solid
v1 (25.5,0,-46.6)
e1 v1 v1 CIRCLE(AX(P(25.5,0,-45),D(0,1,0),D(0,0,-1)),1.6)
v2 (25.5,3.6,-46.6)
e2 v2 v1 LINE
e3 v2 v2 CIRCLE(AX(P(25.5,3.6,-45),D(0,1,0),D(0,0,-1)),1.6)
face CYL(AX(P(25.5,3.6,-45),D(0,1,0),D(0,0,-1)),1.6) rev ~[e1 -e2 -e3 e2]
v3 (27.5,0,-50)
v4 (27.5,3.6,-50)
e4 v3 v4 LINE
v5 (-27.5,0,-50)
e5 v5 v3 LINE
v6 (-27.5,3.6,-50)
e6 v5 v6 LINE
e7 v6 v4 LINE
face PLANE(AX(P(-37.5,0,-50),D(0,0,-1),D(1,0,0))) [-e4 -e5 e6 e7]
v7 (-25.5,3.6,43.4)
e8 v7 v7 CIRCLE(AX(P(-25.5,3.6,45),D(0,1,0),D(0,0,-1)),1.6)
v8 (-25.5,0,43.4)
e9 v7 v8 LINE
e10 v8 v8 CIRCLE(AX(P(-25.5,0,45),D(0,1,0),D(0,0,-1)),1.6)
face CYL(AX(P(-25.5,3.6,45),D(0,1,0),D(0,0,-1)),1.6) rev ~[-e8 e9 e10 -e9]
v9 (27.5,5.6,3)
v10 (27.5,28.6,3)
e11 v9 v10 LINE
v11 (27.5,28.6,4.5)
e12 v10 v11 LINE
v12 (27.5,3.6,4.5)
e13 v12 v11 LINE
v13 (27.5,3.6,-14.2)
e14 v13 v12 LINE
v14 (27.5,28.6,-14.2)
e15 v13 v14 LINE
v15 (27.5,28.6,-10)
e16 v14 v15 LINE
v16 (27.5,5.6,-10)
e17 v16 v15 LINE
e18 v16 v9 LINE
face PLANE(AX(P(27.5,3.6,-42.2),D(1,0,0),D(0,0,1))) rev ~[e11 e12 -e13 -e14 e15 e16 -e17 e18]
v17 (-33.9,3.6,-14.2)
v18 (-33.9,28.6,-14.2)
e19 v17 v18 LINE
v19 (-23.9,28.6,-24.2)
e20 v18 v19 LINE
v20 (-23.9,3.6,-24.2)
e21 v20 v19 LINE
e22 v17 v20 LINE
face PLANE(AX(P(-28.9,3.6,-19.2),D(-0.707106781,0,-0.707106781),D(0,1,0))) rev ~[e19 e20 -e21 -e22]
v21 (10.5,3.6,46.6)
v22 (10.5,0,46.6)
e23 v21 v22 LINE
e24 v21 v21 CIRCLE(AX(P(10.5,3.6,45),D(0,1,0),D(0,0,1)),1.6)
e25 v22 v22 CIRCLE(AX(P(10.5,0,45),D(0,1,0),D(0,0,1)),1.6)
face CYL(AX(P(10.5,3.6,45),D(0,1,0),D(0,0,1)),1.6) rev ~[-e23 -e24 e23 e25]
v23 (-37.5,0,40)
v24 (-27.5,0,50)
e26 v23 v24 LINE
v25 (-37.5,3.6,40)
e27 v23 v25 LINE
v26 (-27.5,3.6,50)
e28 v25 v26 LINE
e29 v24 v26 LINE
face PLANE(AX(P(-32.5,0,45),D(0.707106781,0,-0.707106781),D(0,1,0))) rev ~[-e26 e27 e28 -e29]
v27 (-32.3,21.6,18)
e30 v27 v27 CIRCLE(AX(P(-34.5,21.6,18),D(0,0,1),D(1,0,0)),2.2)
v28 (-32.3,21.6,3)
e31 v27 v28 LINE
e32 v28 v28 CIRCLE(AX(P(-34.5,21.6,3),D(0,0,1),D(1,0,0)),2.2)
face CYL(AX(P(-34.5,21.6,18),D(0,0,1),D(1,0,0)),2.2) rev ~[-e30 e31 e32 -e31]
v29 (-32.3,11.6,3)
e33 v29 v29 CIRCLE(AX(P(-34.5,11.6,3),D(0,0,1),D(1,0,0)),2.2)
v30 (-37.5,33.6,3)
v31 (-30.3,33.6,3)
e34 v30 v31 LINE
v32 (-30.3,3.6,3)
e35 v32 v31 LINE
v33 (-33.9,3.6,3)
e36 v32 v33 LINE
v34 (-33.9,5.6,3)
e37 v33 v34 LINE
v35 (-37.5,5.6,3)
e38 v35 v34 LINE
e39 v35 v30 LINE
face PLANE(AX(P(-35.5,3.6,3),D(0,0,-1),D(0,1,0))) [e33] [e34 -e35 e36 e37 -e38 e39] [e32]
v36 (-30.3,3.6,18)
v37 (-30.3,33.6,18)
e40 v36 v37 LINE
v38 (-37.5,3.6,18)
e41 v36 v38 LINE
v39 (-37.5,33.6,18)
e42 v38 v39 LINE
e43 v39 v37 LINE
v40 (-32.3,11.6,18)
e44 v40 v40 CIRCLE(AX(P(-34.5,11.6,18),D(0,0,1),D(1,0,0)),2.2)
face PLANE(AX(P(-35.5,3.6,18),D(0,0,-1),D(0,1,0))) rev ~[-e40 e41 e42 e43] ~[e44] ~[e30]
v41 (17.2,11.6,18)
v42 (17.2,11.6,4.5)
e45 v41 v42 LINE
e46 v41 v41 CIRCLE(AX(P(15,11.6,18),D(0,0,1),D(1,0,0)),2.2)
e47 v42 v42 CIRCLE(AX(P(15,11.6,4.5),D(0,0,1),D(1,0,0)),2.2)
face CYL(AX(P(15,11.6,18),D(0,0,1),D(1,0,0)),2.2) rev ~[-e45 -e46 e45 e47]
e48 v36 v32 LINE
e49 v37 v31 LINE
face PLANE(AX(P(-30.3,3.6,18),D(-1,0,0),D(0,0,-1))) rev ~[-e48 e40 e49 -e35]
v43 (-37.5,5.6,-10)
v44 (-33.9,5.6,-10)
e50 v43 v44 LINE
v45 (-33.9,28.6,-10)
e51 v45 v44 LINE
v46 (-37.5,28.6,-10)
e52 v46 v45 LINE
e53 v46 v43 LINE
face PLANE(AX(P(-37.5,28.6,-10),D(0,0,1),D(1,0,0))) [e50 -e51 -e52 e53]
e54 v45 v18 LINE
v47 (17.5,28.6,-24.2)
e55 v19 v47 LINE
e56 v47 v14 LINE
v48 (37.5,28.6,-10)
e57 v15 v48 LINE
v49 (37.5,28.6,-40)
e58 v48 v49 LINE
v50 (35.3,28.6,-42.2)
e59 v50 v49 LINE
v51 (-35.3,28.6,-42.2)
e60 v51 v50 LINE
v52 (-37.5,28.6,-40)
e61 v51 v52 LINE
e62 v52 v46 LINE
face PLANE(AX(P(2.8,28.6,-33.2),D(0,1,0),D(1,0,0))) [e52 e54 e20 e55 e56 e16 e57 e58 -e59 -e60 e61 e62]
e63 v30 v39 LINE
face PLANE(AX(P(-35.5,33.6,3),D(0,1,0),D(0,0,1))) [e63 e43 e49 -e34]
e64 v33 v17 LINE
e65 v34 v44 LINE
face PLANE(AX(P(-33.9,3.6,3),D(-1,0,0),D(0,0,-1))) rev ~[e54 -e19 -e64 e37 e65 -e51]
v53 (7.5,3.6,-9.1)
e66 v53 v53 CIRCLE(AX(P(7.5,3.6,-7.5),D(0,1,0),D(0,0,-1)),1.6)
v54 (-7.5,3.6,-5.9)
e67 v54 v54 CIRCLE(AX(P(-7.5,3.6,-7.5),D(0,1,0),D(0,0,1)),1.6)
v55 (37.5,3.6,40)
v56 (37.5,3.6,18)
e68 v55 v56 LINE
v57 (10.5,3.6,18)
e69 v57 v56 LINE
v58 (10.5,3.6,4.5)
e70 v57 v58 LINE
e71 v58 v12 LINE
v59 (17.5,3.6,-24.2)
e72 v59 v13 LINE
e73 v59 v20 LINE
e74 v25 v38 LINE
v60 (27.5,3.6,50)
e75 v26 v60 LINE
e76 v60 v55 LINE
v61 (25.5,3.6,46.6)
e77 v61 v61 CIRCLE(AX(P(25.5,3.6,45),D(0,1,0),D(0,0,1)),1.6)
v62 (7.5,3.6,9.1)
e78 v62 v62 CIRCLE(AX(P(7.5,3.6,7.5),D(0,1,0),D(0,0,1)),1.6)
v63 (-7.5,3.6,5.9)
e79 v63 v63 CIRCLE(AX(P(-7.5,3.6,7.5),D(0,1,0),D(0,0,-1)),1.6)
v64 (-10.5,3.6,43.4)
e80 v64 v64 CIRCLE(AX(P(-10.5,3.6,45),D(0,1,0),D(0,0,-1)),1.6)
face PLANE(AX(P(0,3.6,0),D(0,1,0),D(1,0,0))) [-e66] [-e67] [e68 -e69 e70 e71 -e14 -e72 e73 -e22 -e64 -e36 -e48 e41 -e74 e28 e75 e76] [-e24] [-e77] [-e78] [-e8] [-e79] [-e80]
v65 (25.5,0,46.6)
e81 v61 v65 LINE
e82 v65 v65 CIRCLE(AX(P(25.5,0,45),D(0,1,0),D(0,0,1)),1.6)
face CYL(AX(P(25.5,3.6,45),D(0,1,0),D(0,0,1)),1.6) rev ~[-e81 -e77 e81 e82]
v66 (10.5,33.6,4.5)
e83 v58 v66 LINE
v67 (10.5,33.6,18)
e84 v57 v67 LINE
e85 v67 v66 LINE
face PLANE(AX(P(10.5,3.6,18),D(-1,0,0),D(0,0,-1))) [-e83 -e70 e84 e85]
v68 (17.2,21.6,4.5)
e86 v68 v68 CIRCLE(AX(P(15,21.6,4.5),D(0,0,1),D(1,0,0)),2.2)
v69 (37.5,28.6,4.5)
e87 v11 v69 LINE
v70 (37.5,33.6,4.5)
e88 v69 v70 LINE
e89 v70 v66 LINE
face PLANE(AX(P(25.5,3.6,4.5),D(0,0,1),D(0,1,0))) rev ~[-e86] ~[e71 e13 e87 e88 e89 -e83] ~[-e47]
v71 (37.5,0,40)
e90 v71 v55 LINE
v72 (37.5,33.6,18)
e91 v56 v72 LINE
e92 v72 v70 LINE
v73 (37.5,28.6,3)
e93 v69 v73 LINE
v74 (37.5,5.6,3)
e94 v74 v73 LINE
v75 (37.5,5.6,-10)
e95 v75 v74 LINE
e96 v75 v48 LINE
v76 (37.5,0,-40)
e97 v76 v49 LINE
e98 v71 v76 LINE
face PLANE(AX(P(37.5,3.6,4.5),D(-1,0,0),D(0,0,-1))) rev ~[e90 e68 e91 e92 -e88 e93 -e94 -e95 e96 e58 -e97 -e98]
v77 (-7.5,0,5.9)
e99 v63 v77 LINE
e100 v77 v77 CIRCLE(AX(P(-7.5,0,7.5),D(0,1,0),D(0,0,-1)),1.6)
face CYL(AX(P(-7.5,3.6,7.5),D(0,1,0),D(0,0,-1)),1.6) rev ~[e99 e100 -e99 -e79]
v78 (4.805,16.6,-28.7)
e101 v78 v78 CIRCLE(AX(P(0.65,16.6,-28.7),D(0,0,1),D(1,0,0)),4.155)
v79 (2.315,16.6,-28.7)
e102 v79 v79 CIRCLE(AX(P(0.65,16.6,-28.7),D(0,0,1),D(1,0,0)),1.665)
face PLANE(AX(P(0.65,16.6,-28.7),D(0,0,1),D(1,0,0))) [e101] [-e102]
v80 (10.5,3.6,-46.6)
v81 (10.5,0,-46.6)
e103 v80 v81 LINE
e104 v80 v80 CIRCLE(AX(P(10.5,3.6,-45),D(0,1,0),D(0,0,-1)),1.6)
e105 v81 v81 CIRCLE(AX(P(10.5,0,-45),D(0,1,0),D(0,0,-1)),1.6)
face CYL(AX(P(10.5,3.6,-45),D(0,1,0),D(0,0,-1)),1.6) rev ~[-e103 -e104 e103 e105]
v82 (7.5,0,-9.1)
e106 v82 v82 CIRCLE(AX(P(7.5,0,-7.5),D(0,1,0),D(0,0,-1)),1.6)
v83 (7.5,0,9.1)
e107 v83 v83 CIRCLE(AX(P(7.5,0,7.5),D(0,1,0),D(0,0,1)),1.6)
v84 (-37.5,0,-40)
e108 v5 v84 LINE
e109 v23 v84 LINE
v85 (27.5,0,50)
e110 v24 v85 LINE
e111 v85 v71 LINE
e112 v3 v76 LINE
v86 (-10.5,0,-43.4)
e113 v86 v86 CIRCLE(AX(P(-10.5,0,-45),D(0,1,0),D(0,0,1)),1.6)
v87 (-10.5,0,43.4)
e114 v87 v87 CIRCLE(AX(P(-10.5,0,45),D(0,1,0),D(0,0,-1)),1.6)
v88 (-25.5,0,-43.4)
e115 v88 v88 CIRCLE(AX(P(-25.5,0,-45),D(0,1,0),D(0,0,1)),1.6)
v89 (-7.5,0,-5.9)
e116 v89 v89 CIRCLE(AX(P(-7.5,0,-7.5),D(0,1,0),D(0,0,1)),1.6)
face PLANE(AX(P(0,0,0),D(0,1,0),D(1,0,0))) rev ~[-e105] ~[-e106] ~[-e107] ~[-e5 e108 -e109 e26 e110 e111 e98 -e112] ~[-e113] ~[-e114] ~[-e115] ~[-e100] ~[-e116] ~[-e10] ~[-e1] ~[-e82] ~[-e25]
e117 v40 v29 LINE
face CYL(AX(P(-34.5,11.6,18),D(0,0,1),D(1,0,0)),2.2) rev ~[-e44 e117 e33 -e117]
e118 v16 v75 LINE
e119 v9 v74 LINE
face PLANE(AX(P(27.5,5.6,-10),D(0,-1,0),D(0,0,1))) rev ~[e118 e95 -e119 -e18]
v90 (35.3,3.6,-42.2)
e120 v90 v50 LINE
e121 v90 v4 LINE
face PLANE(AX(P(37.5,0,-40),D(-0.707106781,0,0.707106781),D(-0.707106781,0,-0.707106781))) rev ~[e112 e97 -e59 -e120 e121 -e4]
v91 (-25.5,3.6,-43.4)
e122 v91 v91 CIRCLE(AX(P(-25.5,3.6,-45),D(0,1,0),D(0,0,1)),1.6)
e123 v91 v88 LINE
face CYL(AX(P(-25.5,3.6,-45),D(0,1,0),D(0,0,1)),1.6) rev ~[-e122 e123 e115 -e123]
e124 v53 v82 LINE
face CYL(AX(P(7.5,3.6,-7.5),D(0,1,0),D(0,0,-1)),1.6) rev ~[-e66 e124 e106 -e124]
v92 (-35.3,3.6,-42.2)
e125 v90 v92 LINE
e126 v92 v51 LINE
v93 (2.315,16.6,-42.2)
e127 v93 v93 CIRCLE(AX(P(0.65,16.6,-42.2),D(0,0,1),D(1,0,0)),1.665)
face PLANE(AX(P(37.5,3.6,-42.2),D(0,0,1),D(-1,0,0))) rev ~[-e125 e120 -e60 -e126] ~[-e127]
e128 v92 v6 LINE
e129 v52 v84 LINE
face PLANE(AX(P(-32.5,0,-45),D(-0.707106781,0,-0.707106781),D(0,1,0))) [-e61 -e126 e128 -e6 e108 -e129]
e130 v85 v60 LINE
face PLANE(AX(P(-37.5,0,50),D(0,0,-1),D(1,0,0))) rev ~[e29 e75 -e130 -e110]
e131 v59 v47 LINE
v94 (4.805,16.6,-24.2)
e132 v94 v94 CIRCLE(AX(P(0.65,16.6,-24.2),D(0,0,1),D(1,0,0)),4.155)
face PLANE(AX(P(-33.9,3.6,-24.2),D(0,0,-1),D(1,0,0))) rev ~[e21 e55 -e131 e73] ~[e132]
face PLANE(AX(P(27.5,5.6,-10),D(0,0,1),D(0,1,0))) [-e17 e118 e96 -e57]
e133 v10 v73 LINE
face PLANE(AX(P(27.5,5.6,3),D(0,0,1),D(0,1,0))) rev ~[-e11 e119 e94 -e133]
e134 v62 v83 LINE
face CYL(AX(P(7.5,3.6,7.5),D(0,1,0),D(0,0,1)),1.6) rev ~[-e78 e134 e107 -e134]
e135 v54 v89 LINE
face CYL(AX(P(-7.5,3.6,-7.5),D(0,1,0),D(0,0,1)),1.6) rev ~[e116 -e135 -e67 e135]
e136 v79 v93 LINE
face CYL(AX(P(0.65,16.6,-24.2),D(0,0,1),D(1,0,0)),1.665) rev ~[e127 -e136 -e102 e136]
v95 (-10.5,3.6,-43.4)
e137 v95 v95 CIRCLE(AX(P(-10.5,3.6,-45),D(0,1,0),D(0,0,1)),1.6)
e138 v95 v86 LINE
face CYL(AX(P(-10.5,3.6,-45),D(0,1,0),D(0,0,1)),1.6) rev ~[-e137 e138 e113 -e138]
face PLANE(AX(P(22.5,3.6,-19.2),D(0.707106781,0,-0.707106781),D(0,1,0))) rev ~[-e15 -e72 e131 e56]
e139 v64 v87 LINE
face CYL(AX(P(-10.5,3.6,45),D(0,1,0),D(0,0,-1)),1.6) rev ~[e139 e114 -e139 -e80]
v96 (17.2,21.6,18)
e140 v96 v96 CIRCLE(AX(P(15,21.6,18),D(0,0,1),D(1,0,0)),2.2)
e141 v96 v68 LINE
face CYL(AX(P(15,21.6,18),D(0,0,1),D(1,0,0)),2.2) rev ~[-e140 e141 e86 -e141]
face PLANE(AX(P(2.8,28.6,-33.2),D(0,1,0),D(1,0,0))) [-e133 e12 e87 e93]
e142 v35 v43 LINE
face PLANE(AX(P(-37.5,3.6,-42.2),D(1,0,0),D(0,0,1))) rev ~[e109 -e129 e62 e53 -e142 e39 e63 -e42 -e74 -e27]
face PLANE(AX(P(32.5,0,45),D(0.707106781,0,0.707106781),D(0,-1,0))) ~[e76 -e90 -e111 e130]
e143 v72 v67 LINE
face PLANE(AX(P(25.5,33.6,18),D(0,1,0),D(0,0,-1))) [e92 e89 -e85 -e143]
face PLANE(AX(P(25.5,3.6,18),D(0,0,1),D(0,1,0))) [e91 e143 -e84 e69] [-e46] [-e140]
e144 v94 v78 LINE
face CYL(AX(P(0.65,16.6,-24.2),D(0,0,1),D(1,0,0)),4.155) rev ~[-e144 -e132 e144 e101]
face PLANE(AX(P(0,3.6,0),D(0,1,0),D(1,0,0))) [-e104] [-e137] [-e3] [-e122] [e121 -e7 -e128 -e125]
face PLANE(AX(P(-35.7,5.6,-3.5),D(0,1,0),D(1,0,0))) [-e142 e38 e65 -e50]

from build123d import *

# Parameters (mm, degrees)
SKETCH_1_W           = 75
SKETCH_1_H           = 100
EXTRUDE_1_DEPTH      = 3.6
CHAMFER_1_SIZE       = 10
SKETCH_2_W           = 5.2
SKETCH_2_H           = 15
SKETCH_2_W_2         = 15
SKETCH_2_H_2         = 13.5
EXTRUDE_2_DEPTH      = 30
SKETCH_3_W           = 15
SKETCH_3_H           = 30
EXTRUDE_3_DEPTH      = 2
SKETCH_4_W           = 13.5
SKETCH_4_H           = 30
EXTRUDE_4_DEPTH      = 12
SKETCH_5_R           = 2.2
CUT_EXTRUDE_1_DEPTH  = 115
SKETCH_6_W           = 49.4
SKETCH_6_H           = 18
EXTRUDE_5_DEPTH      = 25
SKETCH_8_R           = 1.665
CUT_EXTRUDE_3_DEPTH  = 25
EXTRUDE_7_REACH      = 71.327
SKETCH_10_R          = 1.6
CUT_EXTRUDE_4_DEPTH  = 130
SKETCH_12_R          = 1.6
CUT_EXTRUDE_6_DEPTH  = 120
CHAMFER_2_SIZE       = 10
SKETCH_15_W          = 3.6
SKETCH_15_H          = 13
CUT_EXTRUDE_8_DEPTH  = 23
SKETCH_16_R          = 4.155
CUT_EXTRUDE_9_DEPTH  = 4.5
SKETCH_17_W          = 13
SKETCH_17_H          = 23
CUT_EXTRUDE_10_DEPTH = 23
CUT_EXTRUDE_11_DEPTH = 33


with BuildPart() as part:
    # 草图1 → 凸台-拉伸1 (new body)
    with BuildSketch(Plane(origin=(0, 0, 0), x_dir=(1, 0, 0), z_dir=(0, 1, 0))):
        Rectangle(SKETCH_1_W, SKETCH_1_H)
    extrude(amount=EXTRUDE_1_DEPTH)

    # 倒角1
    chamfer_1_edges = [part.edges().sort_by_distance(p)[0] for p in [
        (37.5, 1.8, 50),
        (-37.5, 1.8, 50),
        (-37.5, 1.8, -50),
        (37.5, 1.8, -50),
    ]]
    chamfer(chamfer_1_edges, length=CHAMFER_1_SIZE)

    # 草图2 → 凸台-拉伸2 (add)
    with BuildSketch(Plane(origin=(0, 3.6, 0), x_dir=(1, 0, 0), z_dir=(0, 1, 0))):
        with Locations((-32.9, -10.5)):
            Rectangle(SKETCH_2_W, SKETCH_2_H)
        with Locations((18, -11.25)):
            Rectangle(SKETCH_2_W_2, SKETCH_2_H_2)
    extrude(amount=EXTRUDE_2_DEPTH)

    # 草图3 → 凸台-拉伸3 (add)
    with BuildSketch(Plane.ZY.offset(35.5)):
        with Locations((10.5, 18.6)):
            Rectangle(SKETCH_3_W, SKETCH_3_H)
    extrude(amount=EXTRUDE_3_DEPTH)

    # 草图4 → 凸台-拉伸4 (add)
    with BuildSketch(Plane(origin=(25.5, 0, 0), x_dir=(0, 0, -1), z_dir=(1, 0, 0))):
        with Locations((-11.25, 18.6)):
            Rectangle(SKETCH_4_W, SKETCH_4_H)
    extrude(amount=EXTRUDE_4_DEPTH)

    # 草图5 → 切除-拉伸1 (cut)
    with BuildSketch(Plane.XY.offset(18)):
        with Locations((-34.5, 21.6)):
            Circle(SKETCH_5_R)
        with Locations((-34.5, 11.6)):
            Circle(SKETCH_5_R)
        with Locations((15, 21.6)):
            Circle(SKETCH_5_R)
        with Locations((15, 11.6)):
            Circle(SKETCH_5_R)
    extrude(amount=-CUT_EXTRUDE_1_DEPTH, mode=Mode.SUBTRACT)

    # 草图6 → 凸台-拉伸5 (add)
    with BuildSketch(Plane(origin=(0, 3.6, 0), x_dir=(1, 0, 0), z_dir=(0, 1, 0))):
        with Locations((2.8, 33.2)):
            Rectangle(SKETCH_6_W, SKETCH_6_H)
    extrude(amount=EXTRUDE_5_DEPTH)

    # 草图8 → 切除-拉伸3 (cut)
    with BuildSketch(Plane.XY.offset(-24.2)):
        with Locations((0.65, 16.6)):
            Circle(SKETCH_8_R)
    extrude(amount=-CUT_EXTRUDE_3_DEPTH, mode=Mode.SUBTRACT)

    # 凸台-拉伸7: up to this face of the body (flat: up to its plane)
    extrude_7_end = Plane(part.part.faces().sort_by_distance((2.8, 28.6, -33.2))[0])
    # 草图9 → 凸台-拉伸7 (add, up to the picked face)
    with BuildSketch(Plane(origin=(0, 3.6, 0), x_dir=(1, 0, 0), z_dir=(0, 1, 0)), mode=Mode.PRIVATE) as extrude_7_sk1:
        Polygon((-21.9, 42.2), (-37.5, 42.2), (-37.5, -3), (-33.9, -3), (-33.9, 24.2), (-21.9, 24.2), align=None)
    extrude_7_tool1 = split(extrude(extrude_7_sk1.sketch, amount=EXTRUDE_7_REACH, mode=Mode.PRIVATE), bisect_by=extrude_7_end, keep=Keep.BOTH, mode=Mode.PRIVATE)
    # 草图9 → 凸台-拉伸7 (add, up to the picked face)
    with BuildSketch(Plane(origin=(0, 3.6, 0), x_dir=(1, 0, 0), z_dir=(0, 1, 0)), mode=Mode.PRIVATE) as extrude_7_sk2:
        Polygon((37.5, -4.5), (37.5, 42.2), (27.5, 42.2), (27.5, 24.2), (27.5, -4.5), align=None)
    extrude_7_tool2 = split(extrude(extrude_7_sk2.sketch, amount=EXTRUDE_7_REACH, mode=Mode.PRIVATE), bisect_by=extrude_7_end, keep=Keep.BOTH, mode=Mode.PRIVATE)
    add(extrude_7_tool1.solids().sort_by(Axis((-31.251331, 3.6, -27.356654), (0, 1, 0)))[0])
    add(extrude_7_tool2.solids().sort_by(Axis((32.5, 3.6, -18.85), (0, 1, 0)))[0])

    # 草图10 → 切除-拉伸4 (cut)
    with BuildSketch(Plane(origin=(0, 3.6, 0), x_dir=(1, 0, 0), z_dir=(0, 1, 0))):
        with Locations(Location((-7.5, 7.5, 0), (0, 0, 270))):
            Circle(SKETCH_10_R)
        with Locations(Location((7.5, 7.5, 0), (0, 0, 90))):
            Circle(SKETCH_10_R)
        with Locations(Location((7.5, -7.5, 0), (0, 0, 270))):
            Circle(SKETCH_10_R)
        with Locations(Location((-7.5, -7.5, 0), (0, 0, 90))):
            Circle(SKETCH_10_R)
    extrude(amount=-CUT_EXTRUDE_4_DEPTH, mode=Mode.SUBTRACT)

    # 草图12 → 切除-拉伸6 (cut)
    with BuildSketch(Plane(origin=(0, 3.6, 0), x_dir=(1, 0, 0), z_dir=(0, 1, 0))):
        with Locations(Location((-25.5, 45, 0), (0, 0, 270))):
            Circle(SKETCH_12_R)
        with Locations(Location((-10.5, 45, 0), (0, 0, 270))):
            Circle(SKETCH_12_R)
        with Locations(Location((10.5, 45, 0), (0, 0, 90))):
            Circle(SKETCH_12_R)
        with Locations(Location((25.5, 45, 0), (0, 0, 90))):
            Circle(SKETCH_12_R)
        with Locations(Location((25.5, -45, 0), (0, 0, 270))):
            Circle(SKETCH_12_R)
        with Locations(Location((10.5, -45, 0), (0, 0, 270))):
            Circle(SKETCH_12_R)
        with Locations(Location((-10.5, -45, 0), (0, 0, 90))):
            Circle(SKETCH_12_R)
        with Locations(Location((-25.5, -45, 0), (0, 0, 90))):
            Circle(SKETCH_12_R)
    extrude(amount=-CUT_EXTRUDE_6_DEPTH, mode=Mode.SUBTRACT)

    # 倒角2
    chamfer_2_edges = [part.edges().sort_by_distance(p)[0] for p in [
        (27.5, 16.1, -24.2),
        (-33.9, 16.1, -24.2),
    ]]
    chamfer(chamfer_2_edges, length=CHAMFER_2_SIZE)

    # 草图15 → 切除-拉伸8 (cut)
    with BuildSketch(Plane(origin=(0, 28.6, 0), x_dir=(1, 0, 0), z_dir=(0, 1, 0))):
        with Locations((-35.7, 3.5)):
            Rectangle(SKETCH_15_W, SKETCH_15_H)
    extrude(amount=-CUT_EXTRUDE_8_DEPTH, mode=Mode.SUBTRACT)

    # 草图16 → 切除-拉伸9 (cut)
    with BuildSketch(Plane.XY.offset(-24.2)):
        with Locations((0.65, 16.6)):
            Circle(SKETCH_16_R)
    extrude(amount=-CUT_EXTRUDE_9_DEPTH, mode=Mode.SUBTRACT)

    # 草图17 → 切除-拉伸10 (cut)
    with BuildSketch(Plane.ZY.offset(-27.5)):
        with Locations((-3.5, 17.1)):
            Rectangle(SKETCH_17_W, SKETCH_17_H)
    extrude(amount=-CUT_EXTRUDE_10_DEPTH, mode=Mode.SUBTRACT)

    # 草图18 → 切除-拉伸11 (cut)
    with BuildSketch(Plane.XZ):
        Polygon((-37.5, -40), (-35.3, -42.2), (-37.5, -42.2), align=None)
        Polygon((37.5, -42.2), (37.5, -40), (35.3, -42.2), align=None)
    extrude(amount=-CUT_EXTRUDE_11_DEPTH, mode=Mode.SUBTRACT)


solid = part.part
